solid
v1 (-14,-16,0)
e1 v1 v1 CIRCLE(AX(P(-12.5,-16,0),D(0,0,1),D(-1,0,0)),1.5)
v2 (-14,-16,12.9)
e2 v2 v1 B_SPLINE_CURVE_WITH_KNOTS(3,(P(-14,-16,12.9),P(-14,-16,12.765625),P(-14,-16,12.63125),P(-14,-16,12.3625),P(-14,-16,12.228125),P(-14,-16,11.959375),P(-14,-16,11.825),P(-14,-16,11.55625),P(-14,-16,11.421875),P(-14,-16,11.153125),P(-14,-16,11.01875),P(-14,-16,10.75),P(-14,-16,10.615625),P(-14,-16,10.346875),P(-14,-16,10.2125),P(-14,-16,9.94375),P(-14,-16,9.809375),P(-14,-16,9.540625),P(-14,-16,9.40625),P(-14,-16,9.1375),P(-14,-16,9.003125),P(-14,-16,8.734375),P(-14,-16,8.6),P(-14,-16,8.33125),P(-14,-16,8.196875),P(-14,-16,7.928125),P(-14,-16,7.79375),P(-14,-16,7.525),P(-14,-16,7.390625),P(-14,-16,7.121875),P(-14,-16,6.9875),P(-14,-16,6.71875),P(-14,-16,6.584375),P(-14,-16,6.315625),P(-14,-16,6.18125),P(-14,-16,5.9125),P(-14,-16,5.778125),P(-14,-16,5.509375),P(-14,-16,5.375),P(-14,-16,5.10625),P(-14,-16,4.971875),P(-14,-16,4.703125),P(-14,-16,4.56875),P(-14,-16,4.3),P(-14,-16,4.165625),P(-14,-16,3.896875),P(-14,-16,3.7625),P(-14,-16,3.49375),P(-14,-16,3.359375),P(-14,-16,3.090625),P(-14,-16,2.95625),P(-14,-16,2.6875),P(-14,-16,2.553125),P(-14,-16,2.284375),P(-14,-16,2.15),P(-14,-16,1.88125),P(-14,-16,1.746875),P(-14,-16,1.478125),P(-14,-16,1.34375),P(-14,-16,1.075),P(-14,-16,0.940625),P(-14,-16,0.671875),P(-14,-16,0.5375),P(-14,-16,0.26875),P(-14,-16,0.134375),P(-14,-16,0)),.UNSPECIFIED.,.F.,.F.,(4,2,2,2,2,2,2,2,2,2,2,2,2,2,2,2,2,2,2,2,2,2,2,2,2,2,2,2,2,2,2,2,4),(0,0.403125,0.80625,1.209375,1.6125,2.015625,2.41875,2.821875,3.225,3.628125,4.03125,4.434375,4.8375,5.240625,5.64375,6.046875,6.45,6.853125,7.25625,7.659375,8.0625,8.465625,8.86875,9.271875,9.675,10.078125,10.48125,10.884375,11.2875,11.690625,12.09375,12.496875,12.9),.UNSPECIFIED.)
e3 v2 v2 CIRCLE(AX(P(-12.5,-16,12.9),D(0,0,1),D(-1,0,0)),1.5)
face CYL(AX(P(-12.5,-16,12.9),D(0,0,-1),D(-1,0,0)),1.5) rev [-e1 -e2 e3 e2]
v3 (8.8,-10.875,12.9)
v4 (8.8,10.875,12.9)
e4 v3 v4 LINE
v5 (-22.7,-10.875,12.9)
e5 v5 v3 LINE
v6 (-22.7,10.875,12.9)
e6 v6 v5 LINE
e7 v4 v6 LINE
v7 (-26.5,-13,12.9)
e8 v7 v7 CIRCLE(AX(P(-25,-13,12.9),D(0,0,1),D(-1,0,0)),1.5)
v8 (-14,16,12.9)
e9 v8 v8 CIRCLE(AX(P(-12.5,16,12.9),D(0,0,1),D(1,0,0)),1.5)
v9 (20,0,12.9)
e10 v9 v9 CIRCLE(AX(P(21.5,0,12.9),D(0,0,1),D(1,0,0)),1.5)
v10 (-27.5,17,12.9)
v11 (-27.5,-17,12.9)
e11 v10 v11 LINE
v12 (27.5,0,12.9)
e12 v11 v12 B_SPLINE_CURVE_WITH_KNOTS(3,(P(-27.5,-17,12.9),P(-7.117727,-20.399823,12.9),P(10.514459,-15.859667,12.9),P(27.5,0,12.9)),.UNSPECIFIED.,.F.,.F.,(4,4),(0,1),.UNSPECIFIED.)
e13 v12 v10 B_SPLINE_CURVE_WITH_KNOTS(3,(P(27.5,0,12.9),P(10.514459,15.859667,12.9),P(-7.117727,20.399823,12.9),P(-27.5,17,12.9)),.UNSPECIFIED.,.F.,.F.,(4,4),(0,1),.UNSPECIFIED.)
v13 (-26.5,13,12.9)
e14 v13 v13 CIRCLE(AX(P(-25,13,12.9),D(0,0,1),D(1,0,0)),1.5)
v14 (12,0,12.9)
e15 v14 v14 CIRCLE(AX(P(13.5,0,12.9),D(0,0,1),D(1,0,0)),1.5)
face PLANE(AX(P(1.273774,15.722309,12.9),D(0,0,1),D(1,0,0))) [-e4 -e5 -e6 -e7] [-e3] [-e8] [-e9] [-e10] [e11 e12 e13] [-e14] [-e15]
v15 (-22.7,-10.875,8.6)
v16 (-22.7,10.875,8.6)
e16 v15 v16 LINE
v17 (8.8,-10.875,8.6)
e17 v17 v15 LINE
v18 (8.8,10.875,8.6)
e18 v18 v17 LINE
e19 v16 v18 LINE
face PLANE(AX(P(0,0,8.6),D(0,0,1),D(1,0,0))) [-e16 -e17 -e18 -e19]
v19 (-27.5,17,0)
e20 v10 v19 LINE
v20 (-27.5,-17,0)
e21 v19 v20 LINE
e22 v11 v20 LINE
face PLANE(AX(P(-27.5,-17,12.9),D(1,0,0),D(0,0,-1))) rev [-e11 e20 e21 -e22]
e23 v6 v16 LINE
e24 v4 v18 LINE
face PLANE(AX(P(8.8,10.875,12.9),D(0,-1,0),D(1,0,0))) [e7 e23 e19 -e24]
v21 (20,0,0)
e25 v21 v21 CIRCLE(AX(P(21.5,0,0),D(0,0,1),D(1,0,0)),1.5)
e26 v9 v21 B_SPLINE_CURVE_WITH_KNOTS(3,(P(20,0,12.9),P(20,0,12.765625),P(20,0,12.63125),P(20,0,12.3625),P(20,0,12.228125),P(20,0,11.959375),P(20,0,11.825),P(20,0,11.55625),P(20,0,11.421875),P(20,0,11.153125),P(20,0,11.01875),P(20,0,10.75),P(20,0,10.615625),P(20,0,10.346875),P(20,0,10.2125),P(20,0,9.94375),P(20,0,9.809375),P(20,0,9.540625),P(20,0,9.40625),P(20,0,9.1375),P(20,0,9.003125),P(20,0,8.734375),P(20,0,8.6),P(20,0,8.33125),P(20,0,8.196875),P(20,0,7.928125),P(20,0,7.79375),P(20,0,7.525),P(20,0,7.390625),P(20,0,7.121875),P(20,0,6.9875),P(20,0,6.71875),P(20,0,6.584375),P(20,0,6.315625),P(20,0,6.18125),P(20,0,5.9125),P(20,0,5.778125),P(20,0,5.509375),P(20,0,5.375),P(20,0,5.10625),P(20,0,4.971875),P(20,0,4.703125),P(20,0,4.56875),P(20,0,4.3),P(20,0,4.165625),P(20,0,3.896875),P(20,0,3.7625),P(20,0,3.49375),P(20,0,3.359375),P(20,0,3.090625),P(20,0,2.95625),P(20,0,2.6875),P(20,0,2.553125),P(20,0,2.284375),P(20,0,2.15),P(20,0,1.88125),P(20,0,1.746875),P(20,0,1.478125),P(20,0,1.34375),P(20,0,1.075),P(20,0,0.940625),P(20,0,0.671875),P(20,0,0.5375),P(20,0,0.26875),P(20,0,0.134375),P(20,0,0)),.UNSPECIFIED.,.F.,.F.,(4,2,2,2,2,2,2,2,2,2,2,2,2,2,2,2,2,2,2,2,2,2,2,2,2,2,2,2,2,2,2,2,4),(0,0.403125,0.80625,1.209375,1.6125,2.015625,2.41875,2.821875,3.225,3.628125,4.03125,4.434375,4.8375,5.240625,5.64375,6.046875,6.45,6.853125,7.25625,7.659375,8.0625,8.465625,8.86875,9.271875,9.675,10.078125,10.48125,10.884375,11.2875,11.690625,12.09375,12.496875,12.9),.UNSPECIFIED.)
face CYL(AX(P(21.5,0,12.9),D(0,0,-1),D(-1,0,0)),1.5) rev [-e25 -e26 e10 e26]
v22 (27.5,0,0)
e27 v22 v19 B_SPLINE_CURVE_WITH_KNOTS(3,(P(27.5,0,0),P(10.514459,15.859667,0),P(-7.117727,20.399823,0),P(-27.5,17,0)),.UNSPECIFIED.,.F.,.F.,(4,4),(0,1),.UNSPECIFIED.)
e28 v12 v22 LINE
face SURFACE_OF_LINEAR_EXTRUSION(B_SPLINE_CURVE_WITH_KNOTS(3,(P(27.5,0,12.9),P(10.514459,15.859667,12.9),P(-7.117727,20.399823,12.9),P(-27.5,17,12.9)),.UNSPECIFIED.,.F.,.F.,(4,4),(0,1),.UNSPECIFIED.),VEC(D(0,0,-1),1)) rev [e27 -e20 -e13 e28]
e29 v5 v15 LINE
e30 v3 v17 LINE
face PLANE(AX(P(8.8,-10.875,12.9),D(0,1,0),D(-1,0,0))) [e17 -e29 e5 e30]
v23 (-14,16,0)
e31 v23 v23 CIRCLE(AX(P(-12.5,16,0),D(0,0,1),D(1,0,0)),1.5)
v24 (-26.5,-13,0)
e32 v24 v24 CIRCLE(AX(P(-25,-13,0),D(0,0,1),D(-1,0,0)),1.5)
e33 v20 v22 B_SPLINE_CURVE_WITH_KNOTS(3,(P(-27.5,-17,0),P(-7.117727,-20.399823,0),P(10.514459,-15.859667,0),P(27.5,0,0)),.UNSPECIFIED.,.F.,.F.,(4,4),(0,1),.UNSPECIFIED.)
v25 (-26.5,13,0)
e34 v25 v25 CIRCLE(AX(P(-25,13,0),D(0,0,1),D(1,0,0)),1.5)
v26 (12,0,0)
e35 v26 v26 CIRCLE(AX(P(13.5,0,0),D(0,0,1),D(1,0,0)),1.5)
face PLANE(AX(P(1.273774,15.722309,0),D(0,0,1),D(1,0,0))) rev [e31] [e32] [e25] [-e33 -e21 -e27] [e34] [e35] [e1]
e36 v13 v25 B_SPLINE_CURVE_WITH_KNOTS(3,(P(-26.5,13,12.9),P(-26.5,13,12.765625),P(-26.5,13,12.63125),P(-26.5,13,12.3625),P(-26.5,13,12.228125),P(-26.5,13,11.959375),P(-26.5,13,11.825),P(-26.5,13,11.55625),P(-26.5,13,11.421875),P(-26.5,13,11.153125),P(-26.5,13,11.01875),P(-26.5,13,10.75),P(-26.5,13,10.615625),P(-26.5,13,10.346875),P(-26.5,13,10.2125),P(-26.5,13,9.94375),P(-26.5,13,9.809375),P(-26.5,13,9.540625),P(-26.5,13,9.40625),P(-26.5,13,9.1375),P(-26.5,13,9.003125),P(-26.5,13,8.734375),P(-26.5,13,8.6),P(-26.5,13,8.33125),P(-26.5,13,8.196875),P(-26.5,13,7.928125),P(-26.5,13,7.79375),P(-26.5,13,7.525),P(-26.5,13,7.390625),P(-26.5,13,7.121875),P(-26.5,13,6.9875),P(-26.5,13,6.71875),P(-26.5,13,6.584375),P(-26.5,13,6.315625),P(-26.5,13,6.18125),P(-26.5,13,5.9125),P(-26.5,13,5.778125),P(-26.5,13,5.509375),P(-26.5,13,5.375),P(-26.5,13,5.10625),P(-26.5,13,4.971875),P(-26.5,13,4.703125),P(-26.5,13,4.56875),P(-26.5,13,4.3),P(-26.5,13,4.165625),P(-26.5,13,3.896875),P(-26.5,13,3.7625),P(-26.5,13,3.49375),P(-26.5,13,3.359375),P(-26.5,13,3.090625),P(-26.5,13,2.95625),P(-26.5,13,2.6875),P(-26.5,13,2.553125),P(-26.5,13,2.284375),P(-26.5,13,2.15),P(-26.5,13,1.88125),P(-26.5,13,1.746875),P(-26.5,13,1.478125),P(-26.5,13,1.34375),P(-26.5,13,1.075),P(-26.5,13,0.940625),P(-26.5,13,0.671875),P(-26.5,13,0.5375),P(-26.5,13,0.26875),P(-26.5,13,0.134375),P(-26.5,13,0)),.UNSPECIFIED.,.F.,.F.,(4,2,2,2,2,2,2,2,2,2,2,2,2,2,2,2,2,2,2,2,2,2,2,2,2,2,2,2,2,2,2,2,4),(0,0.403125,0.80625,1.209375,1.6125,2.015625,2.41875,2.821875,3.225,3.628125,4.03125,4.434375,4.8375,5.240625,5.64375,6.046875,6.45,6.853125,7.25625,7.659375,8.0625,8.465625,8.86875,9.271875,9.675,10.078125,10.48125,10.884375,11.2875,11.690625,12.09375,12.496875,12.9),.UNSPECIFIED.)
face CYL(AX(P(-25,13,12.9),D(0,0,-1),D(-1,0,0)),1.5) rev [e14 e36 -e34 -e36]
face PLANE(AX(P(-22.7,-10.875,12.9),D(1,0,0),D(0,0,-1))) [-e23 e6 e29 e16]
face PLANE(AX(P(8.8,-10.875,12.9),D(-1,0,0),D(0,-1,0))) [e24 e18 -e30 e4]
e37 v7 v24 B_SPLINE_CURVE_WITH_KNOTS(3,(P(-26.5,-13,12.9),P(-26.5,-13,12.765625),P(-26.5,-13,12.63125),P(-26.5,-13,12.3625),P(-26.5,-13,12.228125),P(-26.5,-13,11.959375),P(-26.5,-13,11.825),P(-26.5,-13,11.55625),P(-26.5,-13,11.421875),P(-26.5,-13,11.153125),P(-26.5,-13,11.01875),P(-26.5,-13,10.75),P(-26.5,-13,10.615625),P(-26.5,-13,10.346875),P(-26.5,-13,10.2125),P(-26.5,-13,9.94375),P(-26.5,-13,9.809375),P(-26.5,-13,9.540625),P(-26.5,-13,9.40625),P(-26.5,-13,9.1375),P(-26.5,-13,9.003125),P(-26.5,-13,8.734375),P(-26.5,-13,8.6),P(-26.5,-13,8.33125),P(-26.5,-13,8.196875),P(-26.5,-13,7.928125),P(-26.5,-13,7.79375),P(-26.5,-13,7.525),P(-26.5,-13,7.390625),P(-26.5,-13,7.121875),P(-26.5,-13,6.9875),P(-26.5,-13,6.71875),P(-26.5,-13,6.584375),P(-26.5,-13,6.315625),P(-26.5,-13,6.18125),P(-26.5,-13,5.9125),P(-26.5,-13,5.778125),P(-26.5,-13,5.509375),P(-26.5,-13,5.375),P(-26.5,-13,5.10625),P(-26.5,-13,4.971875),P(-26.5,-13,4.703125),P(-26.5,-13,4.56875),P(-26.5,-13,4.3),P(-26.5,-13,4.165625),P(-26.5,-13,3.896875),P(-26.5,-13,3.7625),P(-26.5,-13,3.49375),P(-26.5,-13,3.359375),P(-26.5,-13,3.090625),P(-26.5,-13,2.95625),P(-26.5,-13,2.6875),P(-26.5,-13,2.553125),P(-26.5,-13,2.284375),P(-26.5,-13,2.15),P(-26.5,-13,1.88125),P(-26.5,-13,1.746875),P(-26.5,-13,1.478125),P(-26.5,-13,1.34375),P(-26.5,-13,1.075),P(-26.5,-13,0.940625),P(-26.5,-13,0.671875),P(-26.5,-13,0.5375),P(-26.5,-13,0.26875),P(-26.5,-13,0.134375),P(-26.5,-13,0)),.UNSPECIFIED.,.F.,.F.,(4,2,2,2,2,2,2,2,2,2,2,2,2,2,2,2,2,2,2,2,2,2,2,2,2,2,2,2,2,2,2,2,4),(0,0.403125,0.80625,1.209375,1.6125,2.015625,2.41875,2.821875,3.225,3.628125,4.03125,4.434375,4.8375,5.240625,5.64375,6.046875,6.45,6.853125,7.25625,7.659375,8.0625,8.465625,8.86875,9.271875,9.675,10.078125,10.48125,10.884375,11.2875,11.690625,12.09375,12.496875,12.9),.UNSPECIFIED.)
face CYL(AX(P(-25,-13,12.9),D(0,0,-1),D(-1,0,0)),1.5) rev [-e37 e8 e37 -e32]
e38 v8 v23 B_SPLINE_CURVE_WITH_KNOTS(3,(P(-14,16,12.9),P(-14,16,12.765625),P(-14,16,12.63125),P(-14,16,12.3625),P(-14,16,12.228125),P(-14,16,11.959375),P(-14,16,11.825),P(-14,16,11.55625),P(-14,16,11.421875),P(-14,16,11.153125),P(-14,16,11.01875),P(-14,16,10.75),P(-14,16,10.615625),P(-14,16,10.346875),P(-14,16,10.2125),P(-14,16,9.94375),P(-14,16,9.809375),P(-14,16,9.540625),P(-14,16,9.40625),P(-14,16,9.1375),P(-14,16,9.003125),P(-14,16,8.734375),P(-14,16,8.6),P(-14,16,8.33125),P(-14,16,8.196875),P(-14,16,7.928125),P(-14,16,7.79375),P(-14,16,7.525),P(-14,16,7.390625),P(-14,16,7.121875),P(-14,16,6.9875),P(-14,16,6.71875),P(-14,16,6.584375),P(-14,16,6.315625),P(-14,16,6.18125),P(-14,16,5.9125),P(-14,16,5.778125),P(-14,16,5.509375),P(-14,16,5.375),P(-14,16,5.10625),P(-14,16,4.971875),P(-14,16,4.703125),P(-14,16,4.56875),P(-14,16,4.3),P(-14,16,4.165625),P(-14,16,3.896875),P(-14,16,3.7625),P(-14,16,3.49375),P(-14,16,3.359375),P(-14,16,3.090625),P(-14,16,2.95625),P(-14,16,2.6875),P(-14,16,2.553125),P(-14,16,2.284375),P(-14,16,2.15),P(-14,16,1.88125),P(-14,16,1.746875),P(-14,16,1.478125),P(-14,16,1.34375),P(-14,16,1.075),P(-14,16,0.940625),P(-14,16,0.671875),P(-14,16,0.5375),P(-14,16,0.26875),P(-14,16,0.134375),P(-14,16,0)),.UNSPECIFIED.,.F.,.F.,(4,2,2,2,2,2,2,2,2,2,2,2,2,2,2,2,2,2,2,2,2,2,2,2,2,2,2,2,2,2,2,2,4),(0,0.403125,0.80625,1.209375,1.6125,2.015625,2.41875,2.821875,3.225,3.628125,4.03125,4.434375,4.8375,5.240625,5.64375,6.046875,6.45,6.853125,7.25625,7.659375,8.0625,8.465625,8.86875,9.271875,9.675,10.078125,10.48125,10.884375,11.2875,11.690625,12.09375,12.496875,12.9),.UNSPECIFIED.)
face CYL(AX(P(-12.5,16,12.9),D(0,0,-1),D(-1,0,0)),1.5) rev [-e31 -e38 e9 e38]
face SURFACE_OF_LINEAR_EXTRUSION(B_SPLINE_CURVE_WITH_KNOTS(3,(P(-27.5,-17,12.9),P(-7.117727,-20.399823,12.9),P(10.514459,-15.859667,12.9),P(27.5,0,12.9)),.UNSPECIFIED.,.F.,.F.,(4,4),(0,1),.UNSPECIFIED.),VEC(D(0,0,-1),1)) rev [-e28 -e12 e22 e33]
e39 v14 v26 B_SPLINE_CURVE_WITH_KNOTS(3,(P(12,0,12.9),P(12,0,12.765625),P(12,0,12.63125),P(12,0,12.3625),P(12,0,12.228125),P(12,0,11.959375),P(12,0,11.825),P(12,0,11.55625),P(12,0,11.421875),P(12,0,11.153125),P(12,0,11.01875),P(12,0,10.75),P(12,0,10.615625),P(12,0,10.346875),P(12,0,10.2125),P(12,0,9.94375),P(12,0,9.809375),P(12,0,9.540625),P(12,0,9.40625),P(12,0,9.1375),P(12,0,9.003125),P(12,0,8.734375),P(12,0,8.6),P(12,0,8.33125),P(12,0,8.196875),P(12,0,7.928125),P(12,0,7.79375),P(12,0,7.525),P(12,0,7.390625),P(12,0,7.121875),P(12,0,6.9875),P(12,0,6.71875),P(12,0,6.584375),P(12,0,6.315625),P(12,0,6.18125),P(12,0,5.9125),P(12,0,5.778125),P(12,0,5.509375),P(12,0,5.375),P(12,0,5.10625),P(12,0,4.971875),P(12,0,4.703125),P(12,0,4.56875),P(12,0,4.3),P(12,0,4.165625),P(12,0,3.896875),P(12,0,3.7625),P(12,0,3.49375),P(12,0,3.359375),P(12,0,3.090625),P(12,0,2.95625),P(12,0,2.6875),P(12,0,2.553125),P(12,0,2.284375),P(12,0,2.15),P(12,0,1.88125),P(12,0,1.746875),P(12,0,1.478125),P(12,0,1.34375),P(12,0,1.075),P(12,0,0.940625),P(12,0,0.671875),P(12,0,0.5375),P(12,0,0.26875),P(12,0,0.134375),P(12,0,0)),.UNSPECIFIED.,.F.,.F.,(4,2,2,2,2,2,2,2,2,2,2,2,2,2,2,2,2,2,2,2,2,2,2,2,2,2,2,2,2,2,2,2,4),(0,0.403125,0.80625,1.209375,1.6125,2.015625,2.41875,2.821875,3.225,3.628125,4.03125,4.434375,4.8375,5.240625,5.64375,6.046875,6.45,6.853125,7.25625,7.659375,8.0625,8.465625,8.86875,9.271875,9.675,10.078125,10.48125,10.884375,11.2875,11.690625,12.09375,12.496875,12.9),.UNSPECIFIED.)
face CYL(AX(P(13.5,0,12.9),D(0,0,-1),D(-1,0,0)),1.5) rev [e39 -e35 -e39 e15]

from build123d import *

# Parameters (mm, degrees)
SKETCH1_R           = 1.5
SKETCH1_W           = 31.5
SKETCH1_H           = 21.75
BOSS_EXTRUDE2_DEPTH = 12.9
SKETCH4_W           = 31.5
SKETCH4_H           = 21.75
BOSS_EXTRUDE3_DEPTH = 8.6


with BuildPart() as part:
    # Sketch1 → Boss-Extrude2 (new body)
    with BuildSketch(Plane.XY):
        with BuildLine():
            Line((-27.5, -17), (-27.5, 17))
            add(Edge.make_bspline(
                [(-27.5, 17), (-7.117727258, 20.399822972), (10.514459211, 15.859666911), (27.5, 0)],
                knots=[0, 0, 0, 0, 1, 1, 1, 1], degree=3))
            add(Edge.make_bspline(
                [(-27.5, -17), (-7.117727258, -20.399822972), (10.514459211, -15.859666911), (27.5, 0)],
                knots=[0, 0, 0, 0, 1, 1, 1, 1], degree=3))
        make_face()
        with Locations(Location((-25, 13, 0), (0, 0, 180))):
            Circle(SKETCH1_R, mode=Mode.SUBTRACT)
        with Locations(Location((-12.5, 16, 0), (0, 0, 180))):
            Circle(SKETCH1_R, mode=Mode.SUBTRACT)
        with Locations(Location((21.5, 0, 0), (0, 0, 180))):
            Circle(SKETCH1_R, mode=Mode.SUBTRACT)
        with Locations(Location((13.5, 0, 0), (0, 0, 180))):
            Circle(SKETCH1_R, mode=Mode.SUBTRACT)
        with Locations(Location((-12.5, -16, 0), (0, 0, 180))):
            Circle(SKETCH1_R, mode=Mode.SUBTRACT)
        with Locations(Location((-25, -13, 0), (0, 0, 180))):
            Circle(SKETCH1_R, mode=Mode.SUBTRACT)
        with Locations((-6.95, 0)):
            Rectangle(SKETCH1_W, SKETCH1_H, mode=Mode.SUBTRACT)
    extrude(amount=BOSS_EXTRUDE2_DEPTH)

    # Sketch4 → Boss-Extrude3 (add)
    with BuildSketch(Plane(origin=(0, 0, 0), x_dir=(-1, 0, 0), z_dir=(0, 0, -1))):
        with Locations((6.95, 0)):
            Rectangle(SKETCH4_W, SKETCH4_H)
    extrude(amount=-BOSS_EXTRUDE3_DEPTH)


solid = part.part
